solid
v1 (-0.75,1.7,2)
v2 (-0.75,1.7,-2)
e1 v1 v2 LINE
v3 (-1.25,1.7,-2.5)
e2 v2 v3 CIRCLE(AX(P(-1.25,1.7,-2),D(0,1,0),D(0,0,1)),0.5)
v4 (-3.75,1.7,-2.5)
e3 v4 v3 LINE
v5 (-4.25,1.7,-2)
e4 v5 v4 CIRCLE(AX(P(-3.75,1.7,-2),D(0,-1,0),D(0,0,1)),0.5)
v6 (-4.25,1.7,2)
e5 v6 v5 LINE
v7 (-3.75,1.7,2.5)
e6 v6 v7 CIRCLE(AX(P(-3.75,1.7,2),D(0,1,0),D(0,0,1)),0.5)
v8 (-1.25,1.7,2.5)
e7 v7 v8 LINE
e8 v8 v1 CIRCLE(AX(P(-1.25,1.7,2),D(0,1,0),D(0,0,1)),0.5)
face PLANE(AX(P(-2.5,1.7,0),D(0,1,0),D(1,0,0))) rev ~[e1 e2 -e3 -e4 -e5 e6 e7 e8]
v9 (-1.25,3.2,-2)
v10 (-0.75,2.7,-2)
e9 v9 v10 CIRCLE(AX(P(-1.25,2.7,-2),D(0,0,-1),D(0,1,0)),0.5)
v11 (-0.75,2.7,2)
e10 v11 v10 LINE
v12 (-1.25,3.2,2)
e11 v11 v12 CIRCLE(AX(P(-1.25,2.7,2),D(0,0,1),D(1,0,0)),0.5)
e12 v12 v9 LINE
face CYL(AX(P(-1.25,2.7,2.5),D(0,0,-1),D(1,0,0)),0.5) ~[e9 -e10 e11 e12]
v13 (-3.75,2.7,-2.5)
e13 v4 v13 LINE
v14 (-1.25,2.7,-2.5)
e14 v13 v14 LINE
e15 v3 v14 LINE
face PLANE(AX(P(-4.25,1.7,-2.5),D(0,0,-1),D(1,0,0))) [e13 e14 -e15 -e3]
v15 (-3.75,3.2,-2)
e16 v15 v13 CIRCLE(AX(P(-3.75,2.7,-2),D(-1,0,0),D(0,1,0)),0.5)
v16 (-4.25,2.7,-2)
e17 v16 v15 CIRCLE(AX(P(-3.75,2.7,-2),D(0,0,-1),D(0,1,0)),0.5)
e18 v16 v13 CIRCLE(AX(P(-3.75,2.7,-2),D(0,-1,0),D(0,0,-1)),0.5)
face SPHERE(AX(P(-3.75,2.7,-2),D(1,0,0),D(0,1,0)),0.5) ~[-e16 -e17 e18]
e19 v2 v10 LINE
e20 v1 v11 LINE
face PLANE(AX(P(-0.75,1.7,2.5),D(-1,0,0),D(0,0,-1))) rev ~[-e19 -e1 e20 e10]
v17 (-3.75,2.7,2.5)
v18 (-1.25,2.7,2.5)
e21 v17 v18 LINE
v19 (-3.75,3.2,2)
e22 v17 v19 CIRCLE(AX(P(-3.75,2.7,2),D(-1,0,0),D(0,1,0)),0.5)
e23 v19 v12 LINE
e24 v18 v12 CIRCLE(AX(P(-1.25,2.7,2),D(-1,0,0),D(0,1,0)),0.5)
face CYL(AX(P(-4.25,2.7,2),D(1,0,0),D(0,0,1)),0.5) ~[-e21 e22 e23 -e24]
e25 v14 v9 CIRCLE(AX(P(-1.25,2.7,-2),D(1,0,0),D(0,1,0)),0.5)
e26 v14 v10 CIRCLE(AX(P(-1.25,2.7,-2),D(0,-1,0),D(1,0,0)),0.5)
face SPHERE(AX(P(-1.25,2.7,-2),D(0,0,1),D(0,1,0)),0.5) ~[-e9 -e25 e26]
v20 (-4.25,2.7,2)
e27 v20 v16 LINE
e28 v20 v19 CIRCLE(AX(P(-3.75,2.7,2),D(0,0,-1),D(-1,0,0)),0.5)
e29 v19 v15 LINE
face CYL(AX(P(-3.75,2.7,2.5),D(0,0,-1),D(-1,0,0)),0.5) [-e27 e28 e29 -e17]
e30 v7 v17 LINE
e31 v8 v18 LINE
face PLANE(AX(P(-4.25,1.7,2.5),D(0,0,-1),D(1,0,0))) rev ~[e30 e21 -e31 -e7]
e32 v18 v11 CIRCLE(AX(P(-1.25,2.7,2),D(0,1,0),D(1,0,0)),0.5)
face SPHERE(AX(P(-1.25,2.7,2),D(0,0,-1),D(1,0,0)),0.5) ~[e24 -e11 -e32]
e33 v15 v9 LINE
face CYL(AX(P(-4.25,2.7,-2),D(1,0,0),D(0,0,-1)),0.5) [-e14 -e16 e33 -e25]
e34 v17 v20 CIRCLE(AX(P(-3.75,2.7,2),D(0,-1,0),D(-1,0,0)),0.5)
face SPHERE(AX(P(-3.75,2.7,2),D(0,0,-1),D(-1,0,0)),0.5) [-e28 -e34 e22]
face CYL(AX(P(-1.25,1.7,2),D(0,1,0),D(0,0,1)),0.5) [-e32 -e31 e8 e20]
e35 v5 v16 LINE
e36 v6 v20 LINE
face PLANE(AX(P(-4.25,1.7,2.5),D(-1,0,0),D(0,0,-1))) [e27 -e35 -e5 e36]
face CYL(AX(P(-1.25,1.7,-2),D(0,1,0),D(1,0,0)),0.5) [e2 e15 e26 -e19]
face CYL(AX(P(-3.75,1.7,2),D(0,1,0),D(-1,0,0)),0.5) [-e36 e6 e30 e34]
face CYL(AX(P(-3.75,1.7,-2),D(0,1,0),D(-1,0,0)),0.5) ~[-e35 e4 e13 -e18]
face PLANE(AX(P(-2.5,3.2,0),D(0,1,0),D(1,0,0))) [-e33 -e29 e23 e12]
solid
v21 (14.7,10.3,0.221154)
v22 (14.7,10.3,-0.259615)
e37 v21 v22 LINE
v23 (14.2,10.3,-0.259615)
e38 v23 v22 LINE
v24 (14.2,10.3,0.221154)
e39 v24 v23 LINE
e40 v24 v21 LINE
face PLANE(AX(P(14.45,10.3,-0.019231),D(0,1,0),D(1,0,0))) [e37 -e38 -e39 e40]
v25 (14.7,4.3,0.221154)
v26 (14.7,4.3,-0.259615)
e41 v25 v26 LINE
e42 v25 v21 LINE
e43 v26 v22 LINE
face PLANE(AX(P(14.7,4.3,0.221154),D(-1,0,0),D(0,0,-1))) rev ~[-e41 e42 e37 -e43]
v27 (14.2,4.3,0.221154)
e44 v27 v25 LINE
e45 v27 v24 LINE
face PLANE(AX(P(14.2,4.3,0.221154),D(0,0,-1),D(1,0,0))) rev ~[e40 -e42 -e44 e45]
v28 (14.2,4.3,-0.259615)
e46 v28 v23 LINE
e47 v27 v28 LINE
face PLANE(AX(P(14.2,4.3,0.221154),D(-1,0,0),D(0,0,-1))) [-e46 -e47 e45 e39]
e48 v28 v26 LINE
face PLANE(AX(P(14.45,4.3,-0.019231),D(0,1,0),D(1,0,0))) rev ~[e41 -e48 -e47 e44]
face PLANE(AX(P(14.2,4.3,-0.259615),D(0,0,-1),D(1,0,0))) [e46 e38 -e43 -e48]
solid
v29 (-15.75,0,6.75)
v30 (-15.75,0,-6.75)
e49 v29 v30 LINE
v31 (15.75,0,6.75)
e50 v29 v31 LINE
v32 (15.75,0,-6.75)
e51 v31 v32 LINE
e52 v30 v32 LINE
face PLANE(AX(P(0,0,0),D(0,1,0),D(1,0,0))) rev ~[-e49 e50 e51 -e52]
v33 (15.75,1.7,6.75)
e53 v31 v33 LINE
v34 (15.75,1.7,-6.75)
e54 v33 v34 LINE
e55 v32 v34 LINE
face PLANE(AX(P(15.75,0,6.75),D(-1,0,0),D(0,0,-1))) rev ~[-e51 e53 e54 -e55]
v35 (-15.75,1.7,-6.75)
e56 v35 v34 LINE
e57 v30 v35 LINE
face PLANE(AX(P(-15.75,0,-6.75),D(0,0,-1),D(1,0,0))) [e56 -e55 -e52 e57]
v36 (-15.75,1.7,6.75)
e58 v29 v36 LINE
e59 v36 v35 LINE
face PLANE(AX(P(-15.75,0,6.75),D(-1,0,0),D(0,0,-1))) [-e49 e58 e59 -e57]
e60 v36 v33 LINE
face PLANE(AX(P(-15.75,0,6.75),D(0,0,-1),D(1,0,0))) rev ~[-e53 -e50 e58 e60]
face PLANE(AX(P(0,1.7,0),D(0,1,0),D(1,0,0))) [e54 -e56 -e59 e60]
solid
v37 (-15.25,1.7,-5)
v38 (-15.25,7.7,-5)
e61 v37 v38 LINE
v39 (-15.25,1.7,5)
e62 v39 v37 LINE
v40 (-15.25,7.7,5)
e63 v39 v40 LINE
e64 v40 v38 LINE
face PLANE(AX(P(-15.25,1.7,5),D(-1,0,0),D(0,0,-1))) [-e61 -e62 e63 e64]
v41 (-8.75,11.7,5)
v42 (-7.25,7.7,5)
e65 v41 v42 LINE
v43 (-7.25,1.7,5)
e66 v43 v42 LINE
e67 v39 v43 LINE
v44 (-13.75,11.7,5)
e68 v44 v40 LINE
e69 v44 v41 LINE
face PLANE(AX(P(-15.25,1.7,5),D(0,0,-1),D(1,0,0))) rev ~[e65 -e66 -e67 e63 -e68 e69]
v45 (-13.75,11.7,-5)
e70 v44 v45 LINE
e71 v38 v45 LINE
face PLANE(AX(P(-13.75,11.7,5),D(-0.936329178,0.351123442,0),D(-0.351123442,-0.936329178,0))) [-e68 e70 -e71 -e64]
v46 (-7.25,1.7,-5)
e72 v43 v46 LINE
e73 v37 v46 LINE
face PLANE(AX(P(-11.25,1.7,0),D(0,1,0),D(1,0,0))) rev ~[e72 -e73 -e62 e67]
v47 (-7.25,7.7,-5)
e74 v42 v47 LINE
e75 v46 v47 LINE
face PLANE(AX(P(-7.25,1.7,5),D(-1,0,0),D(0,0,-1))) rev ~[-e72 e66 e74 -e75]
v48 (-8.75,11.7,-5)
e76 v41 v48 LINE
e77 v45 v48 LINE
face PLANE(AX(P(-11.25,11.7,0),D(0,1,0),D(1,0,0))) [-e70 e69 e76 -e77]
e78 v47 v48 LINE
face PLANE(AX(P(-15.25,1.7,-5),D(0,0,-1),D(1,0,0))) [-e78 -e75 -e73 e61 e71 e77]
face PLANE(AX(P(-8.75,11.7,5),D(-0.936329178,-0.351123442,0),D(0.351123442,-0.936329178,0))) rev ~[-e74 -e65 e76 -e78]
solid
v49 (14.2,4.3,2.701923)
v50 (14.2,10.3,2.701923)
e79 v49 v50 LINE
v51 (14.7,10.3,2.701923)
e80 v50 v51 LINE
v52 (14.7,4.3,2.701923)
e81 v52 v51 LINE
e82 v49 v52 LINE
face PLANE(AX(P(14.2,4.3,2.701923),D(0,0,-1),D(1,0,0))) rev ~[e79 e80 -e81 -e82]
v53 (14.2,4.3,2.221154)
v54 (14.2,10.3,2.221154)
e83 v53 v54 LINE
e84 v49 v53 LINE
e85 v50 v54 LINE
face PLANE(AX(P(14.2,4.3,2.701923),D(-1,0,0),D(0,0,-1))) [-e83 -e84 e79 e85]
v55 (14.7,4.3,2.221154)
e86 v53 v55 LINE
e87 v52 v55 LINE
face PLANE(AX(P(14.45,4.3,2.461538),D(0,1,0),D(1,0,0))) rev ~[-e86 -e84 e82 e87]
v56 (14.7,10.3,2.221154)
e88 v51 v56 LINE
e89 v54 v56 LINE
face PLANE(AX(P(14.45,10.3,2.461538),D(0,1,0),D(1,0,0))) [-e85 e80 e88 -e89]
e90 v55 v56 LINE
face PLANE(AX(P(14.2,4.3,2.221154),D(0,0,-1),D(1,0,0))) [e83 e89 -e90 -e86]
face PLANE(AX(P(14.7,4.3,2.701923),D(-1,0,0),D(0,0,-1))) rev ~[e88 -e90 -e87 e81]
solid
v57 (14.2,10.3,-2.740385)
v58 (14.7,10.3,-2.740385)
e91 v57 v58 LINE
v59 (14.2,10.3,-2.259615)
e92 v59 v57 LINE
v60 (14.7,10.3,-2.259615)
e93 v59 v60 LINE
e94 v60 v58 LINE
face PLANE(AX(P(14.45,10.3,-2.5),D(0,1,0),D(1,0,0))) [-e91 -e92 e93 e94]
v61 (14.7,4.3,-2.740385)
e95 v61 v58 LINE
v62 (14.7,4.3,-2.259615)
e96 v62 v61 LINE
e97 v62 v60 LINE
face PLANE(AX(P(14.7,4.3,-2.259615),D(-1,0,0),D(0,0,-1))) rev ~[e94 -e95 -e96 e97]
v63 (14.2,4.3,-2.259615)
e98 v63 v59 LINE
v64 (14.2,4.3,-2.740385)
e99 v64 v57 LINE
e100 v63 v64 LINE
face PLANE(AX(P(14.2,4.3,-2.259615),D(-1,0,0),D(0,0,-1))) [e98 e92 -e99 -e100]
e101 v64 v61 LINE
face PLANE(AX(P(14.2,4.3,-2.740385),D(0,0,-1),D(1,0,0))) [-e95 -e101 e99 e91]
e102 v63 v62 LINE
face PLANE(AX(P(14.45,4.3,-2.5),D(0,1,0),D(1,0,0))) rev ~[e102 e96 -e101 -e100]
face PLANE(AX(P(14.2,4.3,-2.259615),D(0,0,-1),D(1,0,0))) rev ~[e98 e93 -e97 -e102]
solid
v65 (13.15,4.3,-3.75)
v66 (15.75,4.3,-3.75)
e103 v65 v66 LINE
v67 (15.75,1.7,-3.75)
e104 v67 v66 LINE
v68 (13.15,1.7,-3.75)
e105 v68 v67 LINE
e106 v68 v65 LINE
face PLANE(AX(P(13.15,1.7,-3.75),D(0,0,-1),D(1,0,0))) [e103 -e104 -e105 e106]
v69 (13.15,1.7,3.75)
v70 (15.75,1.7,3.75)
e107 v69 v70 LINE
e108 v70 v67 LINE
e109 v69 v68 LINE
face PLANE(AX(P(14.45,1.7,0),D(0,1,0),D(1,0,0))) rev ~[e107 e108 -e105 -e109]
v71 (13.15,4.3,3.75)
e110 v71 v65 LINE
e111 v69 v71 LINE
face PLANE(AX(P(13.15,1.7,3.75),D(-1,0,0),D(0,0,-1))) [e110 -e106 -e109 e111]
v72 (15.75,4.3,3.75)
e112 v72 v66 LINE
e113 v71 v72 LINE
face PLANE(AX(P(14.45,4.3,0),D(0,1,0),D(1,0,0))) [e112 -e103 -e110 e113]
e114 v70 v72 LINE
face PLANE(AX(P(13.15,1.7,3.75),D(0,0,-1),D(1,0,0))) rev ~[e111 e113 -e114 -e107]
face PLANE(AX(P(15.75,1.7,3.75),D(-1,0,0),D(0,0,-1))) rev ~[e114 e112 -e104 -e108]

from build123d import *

# Parameters (mm, degrees)
CROQUIS1_W                = 31.5
CROQUIS1_H                = 13.5
SALIENTE_EXTRUIR1_DEPTH   = 1.7
CROQUIS2_W                = 2.6
CROQUIS2_H                = 7.5
SALIENTE_EXTRUIR2_DEPTH   = 2.6
CROQUIS3_W                = 0.5
CROQUIS3_H                = 0.480769231
SALIENTE_EXTRUIR3_DEPTH   = 6
CROQUIS3_H_2              = 0.48076923
SALIENTE_EXTRUIR3_2_DEPTH = 6
SALIENTE_EXTRUIR3_3_DEPTH = 6
CROQUIS4_W                = 8
CROQUIS4_H                = 10
SALIENTE_EXTRUIR4_DEPTH   = 10
CORTAR_EXTRUIR1_DEPTH     = 23.869521202
CROQUIS6_W                = 3.5
CROQUIS6_H                = 5
SALIENTE_EXTRUIR5_DEPTH   = 1.5
REDONDEO1_R               = 0.5


with BuildPart() as part:
    # Croquis1 → Saliente-Extruir1 (new body)
    with BuildSketch(Plane(origin=(0, 0, 0), x_dir=(1, 0, 0), z_dir=(0, 1, 0))):
        Rectangle(CROQUIS1_W, CROQUIS1_H)
    extrude(amount=SALIENTE_EXTRUIR1_DEPTH)


with BuildPart() as body_2:
    # Croquis2 → Saliente-Extruir2 (new body)
    with BuildSketch(Plane(origin=(0, 1.7, 0), x_dir=(1, 0, 0), z_dir=(0, 1, 0))):
        with Locations((14.45, 0)):
            Rectangle(CROQUIS2_W, CROQUIS2_H)
    extrude(amount=SALIENTE_EXTRUIR2_DEPTH)


with BuildPart() as body_3:
    # Croquis3 → Saliente-Extruir3 (new body)
    with BuildSketch(Plane(origin=(0, 4.3, 0), x_dir=(1, 0, 0), z_dir=(0, 1, 0))):
        with Locations((14.45, 0.01923077)):
            Rectangle(CROQUIS3_W, CROQUIS3_H)
    extrude(amount=SALIENTE_EXTRUIR3_DEPTH)


with BuildPart() as body_4:
    # Croquis3 → Saliente-Extruir3 2 (new body)
    with BuildSketch(Plane(origin=(0, 4.3, 0), x_dir=(1, 0, 0), z_dir=(0, 1, 0))):
        with Locations((14.45, 2.5)):
            Rectangle(CROQUIS3_W, CROQUIS3_H_2)
    extrude(amount=SALIENTE_EXTRUIR3_2_DEPTH)


with BuildPart() as body_5:
    # Croquis3 → Saliente-Extruir3 3 (new body)
    with BuildSketch(Plane(origin=(0, 4.3, 0), x_dir=(1, 0, 0), z_dir=(0, 1, 0))):
        with Locations((14.45, -2.461538461)):
            Rectangle(CROQUIS3_W, CROQUIS3_H)
    extrude(amount=SALIENTE_EXTRUIR3_3_DEPTH)


with BuildPart() as body_6:
    # Croquis4 → Saliente-Extruir4 (new body)
    with BuildSketch(Plane(origin=(0, 1.7, 0), x_dir=(1, 0, 0), z_dir=(0, 1, 0))):
        with Locations((-11.25, 0)):
            Rectangle(CROQUIS4_W, CROQUIS4_H)
    extrude(amount=SALIENTE_EXTRUIR4_DEPTH)

    # Croquis5 → Cortar-Extruir1 (cut, through all)
    with BuildSketch(Plane.XY.offset(5)):
        Polygon((-8.75, 11.7), (-7.25, 7.7), (-7.25, 11.7), align=None)
        Polygon((-15.25, 7.7), (-15.25, 11.7), (-13.75, 11.7), align=None)
    extrude(amount=-CORTAR_EXTRUIR1_DEPTH, mode=Mode.SUBTRACT)


with BuildPart() as body_7:
    # Croquis6 → Saliente-Extruir5 (new body)
    with BuildSketch(Plane(origin=(0, 1.7, 0), x_dir=(1, 0, 0), z_dir=(0, 1, 0))):
        with Locations((-2.5, 0)):
            Rectangle(CROQUIS6_W, CROQUIS6_H)
    extrude(amount=SALIENTE_EXTRUIR5_DEPTH)

    # Redondeo1
    redondeo1_edges = [body_7.edges().sort_by_distance(p)[0] for p in [
        (-0.75, 3.2, 0),
        (-2.5, 3.2, -2.5),
        (-4.25, 3.2, 0),
        (-4.25, 2.45, -2.5),
        (-0.75, 2.45, -2.5),
        (-0.75, 2.45, 2.5),
        (-4.25, 2.45, 2.5),
        (-2.5, 3.2, 2.5),
    ]]
    fillet(redondeo1_edges, radius=REDONDEO1_R)


solid = Compound([part.part, body_2.part, body_3.part, body_4.part, body_5.part, body_6.part, body_7.part])
